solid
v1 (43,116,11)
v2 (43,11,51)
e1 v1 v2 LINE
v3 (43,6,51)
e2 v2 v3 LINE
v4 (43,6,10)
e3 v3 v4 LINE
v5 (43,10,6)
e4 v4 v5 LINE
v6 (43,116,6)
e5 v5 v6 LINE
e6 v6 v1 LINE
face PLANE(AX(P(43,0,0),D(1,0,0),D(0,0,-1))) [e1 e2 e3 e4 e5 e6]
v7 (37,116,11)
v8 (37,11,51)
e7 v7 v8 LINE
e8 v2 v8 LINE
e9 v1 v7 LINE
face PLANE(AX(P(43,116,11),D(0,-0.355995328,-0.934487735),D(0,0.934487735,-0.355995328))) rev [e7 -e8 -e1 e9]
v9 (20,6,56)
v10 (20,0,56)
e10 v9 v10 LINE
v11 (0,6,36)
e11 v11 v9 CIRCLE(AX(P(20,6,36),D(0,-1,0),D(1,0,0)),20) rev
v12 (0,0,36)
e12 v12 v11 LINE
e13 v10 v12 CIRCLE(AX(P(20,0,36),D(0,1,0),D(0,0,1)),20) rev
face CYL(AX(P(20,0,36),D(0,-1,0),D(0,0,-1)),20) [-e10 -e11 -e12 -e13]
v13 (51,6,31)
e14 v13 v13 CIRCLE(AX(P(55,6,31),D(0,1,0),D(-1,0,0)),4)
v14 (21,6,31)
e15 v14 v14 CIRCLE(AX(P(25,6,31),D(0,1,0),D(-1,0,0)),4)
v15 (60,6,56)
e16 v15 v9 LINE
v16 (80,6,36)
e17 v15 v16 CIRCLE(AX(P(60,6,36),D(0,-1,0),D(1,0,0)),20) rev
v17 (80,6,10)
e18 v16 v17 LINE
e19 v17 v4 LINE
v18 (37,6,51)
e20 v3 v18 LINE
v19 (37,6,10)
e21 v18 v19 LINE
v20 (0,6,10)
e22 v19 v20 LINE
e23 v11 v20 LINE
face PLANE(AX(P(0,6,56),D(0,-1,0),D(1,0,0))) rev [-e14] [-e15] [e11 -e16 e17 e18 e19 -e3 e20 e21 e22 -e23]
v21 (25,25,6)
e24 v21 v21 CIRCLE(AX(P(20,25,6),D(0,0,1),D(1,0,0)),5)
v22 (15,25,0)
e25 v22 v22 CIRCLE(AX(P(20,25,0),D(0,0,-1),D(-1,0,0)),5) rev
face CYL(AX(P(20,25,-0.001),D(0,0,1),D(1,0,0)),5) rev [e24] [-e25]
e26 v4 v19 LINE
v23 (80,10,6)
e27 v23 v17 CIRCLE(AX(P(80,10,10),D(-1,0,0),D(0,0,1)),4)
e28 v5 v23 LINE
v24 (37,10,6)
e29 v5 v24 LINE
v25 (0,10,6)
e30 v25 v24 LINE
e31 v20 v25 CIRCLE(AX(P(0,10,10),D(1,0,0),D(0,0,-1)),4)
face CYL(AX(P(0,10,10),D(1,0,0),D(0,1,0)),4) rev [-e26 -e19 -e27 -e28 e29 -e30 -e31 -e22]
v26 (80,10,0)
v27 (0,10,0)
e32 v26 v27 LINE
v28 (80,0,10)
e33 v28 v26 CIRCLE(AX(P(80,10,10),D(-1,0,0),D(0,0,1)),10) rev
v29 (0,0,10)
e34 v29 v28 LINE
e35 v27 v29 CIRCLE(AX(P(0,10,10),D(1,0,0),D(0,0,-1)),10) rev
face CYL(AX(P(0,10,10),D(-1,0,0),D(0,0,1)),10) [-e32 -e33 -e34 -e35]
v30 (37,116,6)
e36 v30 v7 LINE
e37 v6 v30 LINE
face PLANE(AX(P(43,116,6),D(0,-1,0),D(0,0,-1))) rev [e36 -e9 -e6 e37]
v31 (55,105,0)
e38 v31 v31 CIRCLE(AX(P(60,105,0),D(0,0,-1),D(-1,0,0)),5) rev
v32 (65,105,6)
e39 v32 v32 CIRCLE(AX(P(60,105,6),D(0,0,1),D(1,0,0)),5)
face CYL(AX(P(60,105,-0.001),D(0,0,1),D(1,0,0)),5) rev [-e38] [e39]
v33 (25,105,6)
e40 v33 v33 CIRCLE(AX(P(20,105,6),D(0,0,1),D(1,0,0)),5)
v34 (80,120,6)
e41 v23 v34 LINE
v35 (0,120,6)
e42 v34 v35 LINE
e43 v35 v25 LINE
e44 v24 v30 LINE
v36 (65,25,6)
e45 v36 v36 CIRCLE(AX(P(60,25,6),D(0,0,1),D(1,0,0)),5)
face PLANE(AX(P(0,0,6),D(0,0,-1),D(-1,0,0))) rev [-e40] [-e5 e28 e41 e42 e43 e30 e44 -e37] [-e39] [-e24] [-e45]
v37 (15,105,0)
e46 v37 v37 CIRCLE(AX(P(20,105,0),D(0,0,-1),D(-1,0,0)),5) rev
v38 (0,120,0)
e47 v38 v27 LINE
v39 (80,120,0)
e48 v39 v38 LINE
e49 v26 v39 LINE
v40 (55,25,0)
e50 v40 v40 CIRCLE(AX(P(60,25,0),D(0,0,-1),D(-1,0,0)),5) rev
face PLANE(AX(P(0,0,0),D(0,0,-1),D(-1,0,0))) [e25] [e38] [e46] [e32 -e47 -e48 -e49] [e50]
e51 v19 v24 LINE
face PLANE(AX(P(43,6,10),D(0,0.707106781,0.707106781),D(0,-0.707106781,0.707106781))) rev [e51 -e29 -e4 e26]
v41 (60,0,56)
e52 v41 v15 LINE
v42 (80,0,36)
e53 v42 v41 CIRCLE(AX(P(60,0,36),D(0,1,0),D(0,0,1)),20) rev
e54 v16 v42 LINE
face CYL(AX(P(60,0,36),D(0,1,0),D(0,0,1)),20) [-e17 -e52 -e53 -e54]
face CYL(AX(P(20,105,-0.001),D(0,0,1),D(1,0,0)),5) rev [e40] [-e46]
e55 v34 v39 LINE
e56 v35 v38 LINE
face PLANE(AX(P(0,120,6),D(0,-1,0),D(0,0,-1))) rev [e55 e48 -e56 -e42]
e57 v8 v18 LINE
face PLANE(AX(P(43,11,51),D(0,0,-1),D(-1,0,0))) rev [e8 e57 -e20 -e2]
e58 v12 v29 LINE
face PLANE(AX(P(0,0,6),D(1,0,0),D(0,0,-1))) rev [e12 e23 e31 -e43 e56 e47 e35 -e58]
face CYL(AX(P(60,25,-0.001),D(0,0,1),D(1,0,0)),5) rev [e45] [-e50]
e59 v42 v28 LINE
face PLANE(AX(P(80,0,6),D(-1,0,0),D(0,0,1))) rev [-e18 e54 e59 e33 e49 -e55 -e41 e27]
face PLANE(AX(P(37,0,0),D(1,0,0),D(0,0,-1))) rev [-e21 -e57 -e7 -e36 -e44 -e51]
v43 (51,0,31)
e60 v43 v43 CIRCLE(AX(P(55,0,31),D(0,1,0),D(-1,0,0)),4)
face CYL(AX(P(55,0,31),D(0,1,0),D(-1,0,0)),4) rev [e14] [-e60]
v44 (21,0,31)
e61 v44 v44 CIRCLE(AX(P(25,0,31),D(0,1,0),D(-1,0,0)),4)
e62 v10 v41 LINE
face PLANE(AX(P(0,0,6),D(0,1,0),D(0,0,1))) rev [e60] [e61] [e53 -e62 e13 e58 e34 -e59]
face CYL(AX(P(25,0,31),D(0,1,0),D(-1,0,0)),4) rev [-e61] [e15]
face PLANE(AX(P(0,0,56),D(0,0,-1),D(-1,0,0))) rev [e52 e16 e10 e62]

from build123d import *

# Parameters (mm, degrees)
SKETCH_1_W          = 80
SKETCH_1_H          = 120
EXTRUDE_1_DEPTH     = 6
SKETCH_2_W          = 80
SKETCH_2_H          = 6
EXTRUDE_2_DEPTH     = 50
FILLET_1_R          = 4
FILLET_2_R          = 10
CUT_EXTRUDE_1_REACH = 8
SKETCH_3_R          = 5
EXTRUDE_3_DEPTH     = 3
SKETCH_5_R          = 4
CUT_EXTRUDE_2_DEPTH = 6
FILLET_3_R          = 20


with BuildPart() as part:
    # 草图1 → 凸台-拉伸1 (new body)
    with BuildSketch(Plane.XY):
        with Locations((40, 60)):
            Rectangle(SKETCH_1_W, SKETCH_1_H)
    extrude(amount=EXTRUDE_1_DEPTH)

    # 草图2 → 凸台-拉伸2 (add)
    with BuildSketch(Plane.XY.offset(6)):
        with Locations((40, 3)):
            Rectangle(SKETCH_2_W, SKETCH_2_H)
    extrude(amount=EXTRUDE_2_DEPTH)

    # 圆角1
    fillet_1_edges = [part.edges().sort_by_distance(p)[0] for p in [
        (40, 6, 6),
    ]]
    fillet(fillet_1_edges, radius=FILLET_1_R)

    # 圆角2
    fillet_2_edges = [part.edges().sort_by_distance(p)[0] for p in [
        (40, 0, 0),
    ]]
    fillet(fillet_2_edges, radius=FILLET_2_R)

    # 草图3 → 切除-拉伸1 (cut, up to next)
    with BuildSketch(Plane.XY.offset(6), mode=Mode.PRIVATE) as cut_extrude_1_sk1:
        with Locations((60, 105)):
            Circle(SKETCH_3_R)
    cut_extrude_1_tool1 = extrude(cut_extrude_1_sk1.sketch, amount=-CUT_EXTRUDE_1_REACH, mode=Mode.PRIVATE) & part.part
    add(cut_extrude_1_tool1.solids().sort_by_distance((60, 105, 6))[0], mode=Mode.SUBTRACT)
    # 草图3 → 切除-拉伸1 (cut, up to next)
    with BuildSketch(Plane.XY.offset(6), mode=Mode.PRIVATE) as cut_extrude_1_sk2:
        with Locations((20, 105)):
            Circle(SKETCH_3_R)
    cut_extrude_1_tool2 = extrude(cut_extrude_1_sk2.sketch, amount=-CUT_EXTRUDE_1_REACH, mode=Mode.PRIVATE) & part.part
    add(cut_extrude_1_tool2.solids().sort_by_distance((20, 105, 6))[0], mode=Mode.SUBTRACT)
    # 草图3 → 切除-拉伸1 (cut, up to next)
    with BuildSketch(Plane.XY.offset(6), mode=Mode.PRIVATE) as cut_extrude_1_sk3:
        with Locations((20, 25)):
            Circle(SKETCH_3_R)
    cut_extrude_1_tool3 = extrude(cut_extrude_1_sk3.sketch, amount=-CUT_EXTRUDE_1_REACH, mode=Mode.PRIVATE) & part.part
    add(cut_extrude_1_tool3.solids().sort_by_distance((20, 25, 6))[0], mode=Mode.SUBTRACT)
    # 草图3 → 切除-拉伸1 (cut, up to next)
    with BuildSketch(Plane.XY.offset(6), mode=Mode.PRIVATE) as cut_extrude_1_sk4:
        with Locations((60, 25)):
            Circle(SKETCH_3_R)
    cut_extrude_1_tool4 = extrude(cut_extrude_1_sk4.sketch, amount=-CUT_EXTRUDE_1_REACH, mode=Mode.PRIVATE) & part.part
    add(cut_extrude_1_tool4.solids().sort_by_distance((60, 25, 6))[0], mode=Mode.SUBTRACT)

    # 草图4 → 凸台-拉伸3 (add, symmetric)
    with BuildSketch(Plane(origin=(40, 0, 0), x_dir=(0, 0, -1), z_dir=(1, 0, 0))):
        Polygon((-51, 6), (-10, 6), (-6, 10), (-6, 116), (-11, 116), (-51, 11), align=None)
    extrude(amount=EXTRUDE_3_DEPTH, both=True)

    # 草图5 → 切除-拉伸2 (cut)
    with BuildSketch(Plane(origin=(0, 6, 0), x_dir=(1, 0, 0), z_dir=(0, 1, 0))):
        with Locations((25, -31)):
            Circle(SKETCH_5_R)
        with Locations((55, -31)):
            Circle(SKETCH_5_R)
    extrude(amount=-CUT_EXTRUDE_2_DEPTH, mode=Mode.SUBTRACT)

    # 圆角3
    fillet_3_edges = [part.edges().sort_by_distance(p)[0] for p in [
        (0, 3, 56),
        (80, 3, 56),
    ]]
    fillet(fillet_3_edges, radius=FILLET_3_R)


solid = part.part
